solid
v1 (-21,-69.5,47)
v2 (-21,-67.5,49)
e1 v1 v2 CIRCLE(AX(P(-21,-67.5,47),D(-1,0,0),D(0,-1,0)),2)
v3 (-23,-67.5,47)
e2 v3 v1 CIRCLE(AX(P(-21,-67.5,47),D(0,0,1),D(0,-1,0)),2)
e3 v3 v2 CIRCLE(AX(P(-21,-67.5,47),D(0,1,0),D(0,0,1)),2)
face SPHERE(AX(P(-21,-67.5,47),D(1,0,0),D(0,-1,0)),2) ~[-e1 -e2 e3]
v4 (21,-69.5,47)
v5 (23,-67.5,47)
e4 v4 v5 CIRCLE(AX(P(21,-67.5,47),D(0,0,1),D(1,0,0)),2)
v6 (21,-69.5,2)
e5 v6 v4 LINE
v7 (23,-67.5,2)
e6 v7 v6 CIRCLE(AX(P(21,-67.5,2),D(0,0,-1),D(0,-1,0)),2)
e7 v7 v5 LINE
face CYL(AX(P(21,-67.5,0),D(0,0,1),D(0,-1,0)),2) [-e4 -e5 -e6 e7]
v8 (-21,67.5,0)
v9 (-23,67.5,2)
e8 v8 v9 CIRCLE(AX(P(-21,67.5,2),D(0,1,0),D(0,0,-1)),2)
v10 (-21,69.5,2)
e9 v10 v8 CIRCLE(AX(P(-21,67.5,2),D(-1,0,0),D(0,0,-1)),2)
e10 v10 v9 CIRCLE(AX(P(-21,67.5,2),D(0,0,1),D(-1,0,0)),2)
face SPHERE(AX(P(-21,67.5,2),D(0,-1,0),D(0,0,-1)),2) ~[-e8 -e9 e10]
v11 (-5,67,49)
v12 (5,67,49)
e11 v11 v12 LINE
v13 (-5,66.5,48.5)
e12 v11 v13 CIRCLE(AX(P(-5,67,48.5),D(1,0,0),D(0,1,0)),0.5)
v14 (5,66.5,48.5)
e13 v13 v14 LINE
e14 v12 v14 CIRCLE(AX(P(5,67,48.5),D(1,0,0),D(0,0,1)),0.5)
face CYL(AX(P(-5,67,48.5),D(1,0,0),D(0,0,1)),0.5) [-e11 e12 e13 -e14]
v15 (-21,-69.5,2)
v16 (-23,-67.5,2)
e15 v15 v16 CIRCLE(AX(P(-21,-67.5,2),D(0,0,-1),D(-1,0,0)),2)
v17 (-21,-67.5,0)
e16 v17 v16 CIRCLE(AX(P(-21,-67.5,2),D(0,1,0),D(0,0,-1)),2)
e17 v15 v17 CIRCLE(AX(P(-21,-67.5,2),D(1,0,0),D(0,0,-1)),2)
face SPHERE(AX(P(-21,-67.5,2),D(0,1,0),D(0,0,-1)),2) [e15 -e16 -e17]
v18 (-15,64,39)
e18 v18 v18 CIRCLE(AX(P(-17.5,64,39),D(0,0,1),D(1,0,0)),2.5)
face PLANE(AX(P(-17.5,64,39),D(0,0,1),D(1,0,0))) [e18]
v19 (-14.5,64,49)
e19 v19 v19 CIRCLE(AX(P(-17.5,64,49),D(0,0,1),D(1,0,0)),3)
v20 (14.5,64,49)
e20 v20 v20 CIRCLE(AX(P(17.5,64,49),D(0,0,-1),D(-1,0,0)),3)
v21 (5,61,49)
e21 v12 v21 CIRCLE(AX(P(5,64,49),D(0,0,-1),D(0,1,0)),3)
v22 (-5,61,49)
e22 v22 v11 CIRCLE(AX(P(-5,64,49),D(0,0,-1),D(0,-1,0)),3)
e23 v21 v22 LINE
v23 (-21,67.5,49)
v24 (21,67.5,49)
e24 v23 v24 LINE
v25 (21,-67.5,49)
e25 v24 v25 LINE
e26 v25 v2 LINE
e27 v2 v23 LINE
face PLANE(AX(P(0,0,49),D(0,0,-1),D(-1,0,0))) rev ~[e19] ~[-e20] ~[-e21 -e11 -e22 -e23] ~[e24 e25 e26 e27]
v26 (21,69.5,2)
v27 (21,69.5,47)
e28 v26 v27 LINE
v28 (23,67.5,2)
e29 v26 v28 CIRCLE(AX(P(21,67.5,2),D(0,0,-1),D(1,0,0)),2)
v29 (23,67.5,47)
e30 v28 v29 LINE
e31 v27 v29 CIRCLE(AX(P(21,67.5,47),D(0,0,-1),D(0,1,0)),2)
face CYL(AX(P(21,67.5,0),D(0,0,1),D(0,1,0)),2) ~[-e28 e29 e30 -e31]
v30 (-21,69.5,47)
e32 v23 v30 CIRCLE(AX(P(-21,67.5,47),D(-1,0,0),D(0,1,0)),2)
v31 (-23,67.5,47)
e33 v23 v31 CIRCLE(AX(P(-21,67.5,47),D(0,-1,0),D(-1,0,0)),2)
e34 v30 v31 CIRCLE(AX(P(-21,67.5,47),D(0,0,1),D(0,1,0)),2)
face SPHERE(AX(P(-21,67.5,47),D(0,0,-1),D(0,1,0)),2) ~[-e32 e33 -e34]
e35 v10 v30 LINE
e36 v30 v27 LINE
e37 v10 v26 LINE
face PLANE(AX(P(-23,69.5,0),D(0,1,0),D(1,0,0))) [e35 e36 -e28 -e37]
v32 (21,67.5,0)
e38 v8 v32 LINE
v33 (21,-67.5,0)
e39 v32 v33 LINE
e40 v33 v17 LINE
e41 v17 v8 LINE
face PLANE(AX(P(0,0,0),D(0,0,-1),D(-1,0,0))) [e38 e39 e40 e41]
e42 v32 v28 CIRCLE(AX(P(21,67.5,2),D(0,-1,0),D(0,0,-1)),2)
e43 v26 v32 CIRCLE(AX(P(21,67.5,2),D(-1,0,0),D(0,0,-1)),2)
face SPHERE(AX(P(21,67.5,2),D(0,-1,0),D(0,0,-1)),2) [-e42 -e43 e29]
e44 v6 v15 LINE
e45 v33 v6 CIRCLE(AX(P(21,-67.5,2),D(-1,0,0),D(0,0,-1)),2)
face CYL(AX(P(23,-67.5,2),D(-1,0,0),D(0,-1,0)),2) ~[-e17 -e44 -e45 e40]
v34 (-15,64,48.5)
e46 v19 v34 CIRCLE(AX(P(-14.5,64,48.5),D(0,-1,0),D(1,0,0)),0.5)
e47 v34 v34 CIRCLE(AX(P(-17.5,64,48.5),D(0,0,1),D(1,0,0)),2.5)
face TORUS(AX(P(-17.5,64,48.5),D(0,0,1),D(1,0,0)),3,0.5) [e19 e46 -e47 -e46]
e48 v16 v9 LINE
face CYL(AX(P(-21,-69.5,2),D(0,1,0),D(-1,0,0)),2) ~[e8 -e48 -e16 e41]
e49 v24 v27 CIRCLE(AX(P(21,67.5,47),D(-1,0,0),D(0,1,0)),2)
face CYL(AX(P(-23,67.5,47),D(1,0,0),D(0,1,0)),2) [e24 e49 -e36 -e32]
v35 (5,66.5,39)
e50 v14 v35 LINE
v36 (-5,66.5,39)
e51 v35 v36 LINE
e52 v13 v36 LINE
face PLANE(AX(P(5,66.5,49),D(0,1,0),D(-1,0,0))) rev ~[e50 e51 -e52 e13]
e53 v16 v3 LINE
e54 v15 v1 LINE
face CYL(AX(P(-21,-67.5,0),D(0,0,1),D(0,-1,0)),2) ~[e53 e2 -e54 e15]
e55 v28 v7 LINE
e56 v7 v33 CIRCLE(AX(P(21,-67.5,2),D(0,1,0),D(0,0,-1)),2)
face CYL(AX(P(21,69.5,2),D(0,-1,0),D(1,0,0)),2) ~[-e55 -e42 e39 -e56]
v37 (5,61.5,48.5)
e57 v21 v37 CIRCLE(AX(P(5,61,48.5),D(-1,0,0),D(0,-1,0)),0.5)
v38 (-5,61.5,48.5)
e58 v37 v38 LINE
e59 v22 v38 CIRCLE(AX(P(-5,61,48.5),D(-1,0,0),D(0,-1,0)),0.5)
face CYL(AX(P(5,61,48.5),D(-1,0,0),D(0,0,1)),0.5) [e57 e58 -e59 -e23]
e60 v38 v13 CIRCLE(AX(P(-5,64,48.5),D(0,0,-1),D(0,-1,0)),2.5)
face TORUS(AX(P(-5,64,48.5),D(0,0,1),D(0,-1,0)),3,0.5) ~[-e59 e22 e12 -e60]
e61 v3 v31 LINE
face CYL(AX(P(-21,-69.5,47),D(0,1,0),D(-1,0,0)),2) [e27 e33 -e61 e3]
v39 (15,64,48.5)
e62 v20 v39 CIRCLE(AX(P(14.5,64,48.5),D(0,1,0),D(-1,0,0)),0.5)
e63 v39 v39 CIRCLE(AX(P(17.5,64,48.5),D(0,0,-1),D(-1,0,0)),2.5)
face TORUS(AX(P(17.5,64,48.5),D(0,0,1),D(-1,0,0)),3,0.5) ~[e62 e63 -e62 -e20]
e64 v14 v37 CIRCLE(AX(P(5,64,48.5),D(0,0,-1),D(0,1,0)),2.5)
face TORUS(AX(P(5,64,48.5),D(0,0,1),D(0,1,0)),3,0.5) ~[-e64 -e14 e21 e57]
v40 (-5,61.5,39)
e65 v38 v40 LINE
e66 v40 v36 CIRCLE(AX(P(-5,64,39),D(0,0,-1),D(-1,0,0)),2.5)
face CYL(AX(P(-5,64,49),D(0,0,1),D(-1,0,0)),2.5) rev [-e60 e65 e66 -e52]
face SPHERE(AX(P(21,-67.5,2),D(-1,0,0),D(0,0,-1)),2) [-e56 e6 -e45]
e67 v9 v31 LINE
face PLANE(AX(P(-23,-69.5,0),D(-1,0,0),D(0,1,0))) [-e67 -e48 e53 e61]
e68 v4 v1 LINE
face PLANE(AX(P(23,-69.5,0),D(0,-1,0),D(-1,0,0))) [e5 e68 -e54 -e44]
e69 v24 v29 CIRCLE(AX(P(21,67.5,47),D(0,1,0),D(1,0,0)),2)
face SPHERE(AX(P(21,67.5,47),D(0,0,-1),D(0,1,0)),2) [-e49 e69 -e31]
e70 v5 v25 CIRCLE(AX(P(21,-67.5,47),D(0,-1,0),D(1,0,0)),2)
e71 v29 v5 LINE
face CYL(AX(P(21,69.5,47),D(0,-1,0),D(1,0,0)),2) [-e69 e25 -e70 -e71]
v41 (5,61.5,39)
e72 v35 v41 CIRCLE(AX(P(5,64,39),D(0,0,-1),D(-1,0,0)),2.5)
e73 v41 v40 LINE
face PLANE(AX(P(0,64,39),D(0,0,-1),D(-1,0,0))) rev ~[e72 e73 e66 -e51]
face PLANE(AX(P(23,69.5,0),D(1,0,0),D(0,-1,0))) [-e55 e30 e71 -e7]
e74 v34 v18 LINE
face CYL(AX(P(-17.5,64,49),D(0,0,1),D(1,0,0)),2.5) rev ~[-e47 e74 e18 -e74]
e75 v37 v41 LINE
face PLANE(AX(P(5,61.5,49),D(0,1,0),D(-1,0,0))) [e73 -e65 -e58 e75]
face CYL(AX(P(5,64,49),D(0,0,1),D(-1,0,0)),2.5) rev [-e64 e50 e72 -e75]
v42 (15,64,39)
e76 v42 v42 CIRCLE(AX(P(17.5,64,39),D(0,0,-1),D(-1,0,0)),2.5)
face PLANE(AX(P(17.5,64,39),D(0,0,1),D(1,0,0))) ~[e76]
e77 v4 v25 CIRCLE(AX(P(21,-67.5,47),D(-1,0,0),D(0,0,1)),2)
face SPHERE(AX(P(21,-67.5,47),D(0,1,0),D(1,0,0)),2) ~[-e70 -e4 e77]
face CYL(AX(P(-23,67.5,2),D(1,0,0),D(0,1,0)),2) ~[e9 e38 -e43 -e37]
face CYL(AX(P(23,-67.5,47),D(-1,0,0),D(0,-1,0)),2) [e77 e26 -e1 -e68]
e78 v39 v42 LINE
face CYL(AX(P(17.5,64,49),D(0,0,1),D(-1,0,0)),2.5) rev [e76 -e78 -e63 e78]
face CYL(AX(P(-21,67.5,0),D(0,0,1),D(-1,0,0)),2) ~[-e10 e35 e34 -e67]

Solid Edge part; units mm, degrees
sketch "Sketch1" plane through (0, 0, 0) normal (0, 0, 1) x (1, 0, 0)
  line L0 (23, -69.5) -> (-23, -69.5)
  line L1 (-23, -69.5) -> (-23, 69.5)
  line L2 (-23, 69.5) -> (23, 69.5)
  line L3 (23, 69.5) -> (23, -69.5)
  dimension "D1" = 139
  dimension "D2" = 46
extrude "Protrusion1" add sketch "Sketch1" along normal blind 49
fillet "Verrundung_2" radius 2 12 edges at (-23, 0, 0) (0, -69.5, 0) (23, 0, 0) (0, 69.5, 0) (23, 69.5, 24.5) (-23, 69.5, 24.5) (0, 69.5, 49) (23, 0, 49) (23, -69.5, 24.5) (0, -69.5, 49) (-23, -69.5, 24.5) (-23, 0, 49)
sketch "Sketch2" plane through (0, 0, 49) normal (0, 0, 1) x (1, 0, 0)
  circle A0 centre (-17.5, 64) radius 2.5
  dimension "D1" = 5
  dimension "D2" = 1
  dimension "D3" = 1
extrude "Extrusionsausschnitt_1" cut sketch "Sketch2" against normal blind 10
mirror "Mirror1" about plane through (0, 0, 0) normal (1, 0, 0) of "Extrusionsausschnitt_1"
sketch "Sketch3" plane through (0, 0, 49) normal (0, 0, 1) x (-1, 0, 0)
  line L0 (-5, -61.5) -> (5, -61.5)
  line L1 (-5, -66.5) -> (5, -66.5)
  arc A0 (-5, -66.5) -> (-5, -61.5) centre (-5, -64) cw
  arc A1 (5, -61.5) -> (5, -66.5) centre (5, -64) cw
  dimension "D1" = 5
  dimension "D2" = 5
  dimension "D3" = 1
  dimension "D4" = 1
  dimension "D5" = 10
extrude "Extrusionsausschnitt_3" cut sketch "Sketch3" against normal blind 10
fillet "Verrundung_3" radius 0.5 6 edges at (-20, 64, 49) (-7.5, 64, 49) (0, 66.5, 49) (7.5, 64, 49) (0, 61.5, 49) (20, 64, 49)
